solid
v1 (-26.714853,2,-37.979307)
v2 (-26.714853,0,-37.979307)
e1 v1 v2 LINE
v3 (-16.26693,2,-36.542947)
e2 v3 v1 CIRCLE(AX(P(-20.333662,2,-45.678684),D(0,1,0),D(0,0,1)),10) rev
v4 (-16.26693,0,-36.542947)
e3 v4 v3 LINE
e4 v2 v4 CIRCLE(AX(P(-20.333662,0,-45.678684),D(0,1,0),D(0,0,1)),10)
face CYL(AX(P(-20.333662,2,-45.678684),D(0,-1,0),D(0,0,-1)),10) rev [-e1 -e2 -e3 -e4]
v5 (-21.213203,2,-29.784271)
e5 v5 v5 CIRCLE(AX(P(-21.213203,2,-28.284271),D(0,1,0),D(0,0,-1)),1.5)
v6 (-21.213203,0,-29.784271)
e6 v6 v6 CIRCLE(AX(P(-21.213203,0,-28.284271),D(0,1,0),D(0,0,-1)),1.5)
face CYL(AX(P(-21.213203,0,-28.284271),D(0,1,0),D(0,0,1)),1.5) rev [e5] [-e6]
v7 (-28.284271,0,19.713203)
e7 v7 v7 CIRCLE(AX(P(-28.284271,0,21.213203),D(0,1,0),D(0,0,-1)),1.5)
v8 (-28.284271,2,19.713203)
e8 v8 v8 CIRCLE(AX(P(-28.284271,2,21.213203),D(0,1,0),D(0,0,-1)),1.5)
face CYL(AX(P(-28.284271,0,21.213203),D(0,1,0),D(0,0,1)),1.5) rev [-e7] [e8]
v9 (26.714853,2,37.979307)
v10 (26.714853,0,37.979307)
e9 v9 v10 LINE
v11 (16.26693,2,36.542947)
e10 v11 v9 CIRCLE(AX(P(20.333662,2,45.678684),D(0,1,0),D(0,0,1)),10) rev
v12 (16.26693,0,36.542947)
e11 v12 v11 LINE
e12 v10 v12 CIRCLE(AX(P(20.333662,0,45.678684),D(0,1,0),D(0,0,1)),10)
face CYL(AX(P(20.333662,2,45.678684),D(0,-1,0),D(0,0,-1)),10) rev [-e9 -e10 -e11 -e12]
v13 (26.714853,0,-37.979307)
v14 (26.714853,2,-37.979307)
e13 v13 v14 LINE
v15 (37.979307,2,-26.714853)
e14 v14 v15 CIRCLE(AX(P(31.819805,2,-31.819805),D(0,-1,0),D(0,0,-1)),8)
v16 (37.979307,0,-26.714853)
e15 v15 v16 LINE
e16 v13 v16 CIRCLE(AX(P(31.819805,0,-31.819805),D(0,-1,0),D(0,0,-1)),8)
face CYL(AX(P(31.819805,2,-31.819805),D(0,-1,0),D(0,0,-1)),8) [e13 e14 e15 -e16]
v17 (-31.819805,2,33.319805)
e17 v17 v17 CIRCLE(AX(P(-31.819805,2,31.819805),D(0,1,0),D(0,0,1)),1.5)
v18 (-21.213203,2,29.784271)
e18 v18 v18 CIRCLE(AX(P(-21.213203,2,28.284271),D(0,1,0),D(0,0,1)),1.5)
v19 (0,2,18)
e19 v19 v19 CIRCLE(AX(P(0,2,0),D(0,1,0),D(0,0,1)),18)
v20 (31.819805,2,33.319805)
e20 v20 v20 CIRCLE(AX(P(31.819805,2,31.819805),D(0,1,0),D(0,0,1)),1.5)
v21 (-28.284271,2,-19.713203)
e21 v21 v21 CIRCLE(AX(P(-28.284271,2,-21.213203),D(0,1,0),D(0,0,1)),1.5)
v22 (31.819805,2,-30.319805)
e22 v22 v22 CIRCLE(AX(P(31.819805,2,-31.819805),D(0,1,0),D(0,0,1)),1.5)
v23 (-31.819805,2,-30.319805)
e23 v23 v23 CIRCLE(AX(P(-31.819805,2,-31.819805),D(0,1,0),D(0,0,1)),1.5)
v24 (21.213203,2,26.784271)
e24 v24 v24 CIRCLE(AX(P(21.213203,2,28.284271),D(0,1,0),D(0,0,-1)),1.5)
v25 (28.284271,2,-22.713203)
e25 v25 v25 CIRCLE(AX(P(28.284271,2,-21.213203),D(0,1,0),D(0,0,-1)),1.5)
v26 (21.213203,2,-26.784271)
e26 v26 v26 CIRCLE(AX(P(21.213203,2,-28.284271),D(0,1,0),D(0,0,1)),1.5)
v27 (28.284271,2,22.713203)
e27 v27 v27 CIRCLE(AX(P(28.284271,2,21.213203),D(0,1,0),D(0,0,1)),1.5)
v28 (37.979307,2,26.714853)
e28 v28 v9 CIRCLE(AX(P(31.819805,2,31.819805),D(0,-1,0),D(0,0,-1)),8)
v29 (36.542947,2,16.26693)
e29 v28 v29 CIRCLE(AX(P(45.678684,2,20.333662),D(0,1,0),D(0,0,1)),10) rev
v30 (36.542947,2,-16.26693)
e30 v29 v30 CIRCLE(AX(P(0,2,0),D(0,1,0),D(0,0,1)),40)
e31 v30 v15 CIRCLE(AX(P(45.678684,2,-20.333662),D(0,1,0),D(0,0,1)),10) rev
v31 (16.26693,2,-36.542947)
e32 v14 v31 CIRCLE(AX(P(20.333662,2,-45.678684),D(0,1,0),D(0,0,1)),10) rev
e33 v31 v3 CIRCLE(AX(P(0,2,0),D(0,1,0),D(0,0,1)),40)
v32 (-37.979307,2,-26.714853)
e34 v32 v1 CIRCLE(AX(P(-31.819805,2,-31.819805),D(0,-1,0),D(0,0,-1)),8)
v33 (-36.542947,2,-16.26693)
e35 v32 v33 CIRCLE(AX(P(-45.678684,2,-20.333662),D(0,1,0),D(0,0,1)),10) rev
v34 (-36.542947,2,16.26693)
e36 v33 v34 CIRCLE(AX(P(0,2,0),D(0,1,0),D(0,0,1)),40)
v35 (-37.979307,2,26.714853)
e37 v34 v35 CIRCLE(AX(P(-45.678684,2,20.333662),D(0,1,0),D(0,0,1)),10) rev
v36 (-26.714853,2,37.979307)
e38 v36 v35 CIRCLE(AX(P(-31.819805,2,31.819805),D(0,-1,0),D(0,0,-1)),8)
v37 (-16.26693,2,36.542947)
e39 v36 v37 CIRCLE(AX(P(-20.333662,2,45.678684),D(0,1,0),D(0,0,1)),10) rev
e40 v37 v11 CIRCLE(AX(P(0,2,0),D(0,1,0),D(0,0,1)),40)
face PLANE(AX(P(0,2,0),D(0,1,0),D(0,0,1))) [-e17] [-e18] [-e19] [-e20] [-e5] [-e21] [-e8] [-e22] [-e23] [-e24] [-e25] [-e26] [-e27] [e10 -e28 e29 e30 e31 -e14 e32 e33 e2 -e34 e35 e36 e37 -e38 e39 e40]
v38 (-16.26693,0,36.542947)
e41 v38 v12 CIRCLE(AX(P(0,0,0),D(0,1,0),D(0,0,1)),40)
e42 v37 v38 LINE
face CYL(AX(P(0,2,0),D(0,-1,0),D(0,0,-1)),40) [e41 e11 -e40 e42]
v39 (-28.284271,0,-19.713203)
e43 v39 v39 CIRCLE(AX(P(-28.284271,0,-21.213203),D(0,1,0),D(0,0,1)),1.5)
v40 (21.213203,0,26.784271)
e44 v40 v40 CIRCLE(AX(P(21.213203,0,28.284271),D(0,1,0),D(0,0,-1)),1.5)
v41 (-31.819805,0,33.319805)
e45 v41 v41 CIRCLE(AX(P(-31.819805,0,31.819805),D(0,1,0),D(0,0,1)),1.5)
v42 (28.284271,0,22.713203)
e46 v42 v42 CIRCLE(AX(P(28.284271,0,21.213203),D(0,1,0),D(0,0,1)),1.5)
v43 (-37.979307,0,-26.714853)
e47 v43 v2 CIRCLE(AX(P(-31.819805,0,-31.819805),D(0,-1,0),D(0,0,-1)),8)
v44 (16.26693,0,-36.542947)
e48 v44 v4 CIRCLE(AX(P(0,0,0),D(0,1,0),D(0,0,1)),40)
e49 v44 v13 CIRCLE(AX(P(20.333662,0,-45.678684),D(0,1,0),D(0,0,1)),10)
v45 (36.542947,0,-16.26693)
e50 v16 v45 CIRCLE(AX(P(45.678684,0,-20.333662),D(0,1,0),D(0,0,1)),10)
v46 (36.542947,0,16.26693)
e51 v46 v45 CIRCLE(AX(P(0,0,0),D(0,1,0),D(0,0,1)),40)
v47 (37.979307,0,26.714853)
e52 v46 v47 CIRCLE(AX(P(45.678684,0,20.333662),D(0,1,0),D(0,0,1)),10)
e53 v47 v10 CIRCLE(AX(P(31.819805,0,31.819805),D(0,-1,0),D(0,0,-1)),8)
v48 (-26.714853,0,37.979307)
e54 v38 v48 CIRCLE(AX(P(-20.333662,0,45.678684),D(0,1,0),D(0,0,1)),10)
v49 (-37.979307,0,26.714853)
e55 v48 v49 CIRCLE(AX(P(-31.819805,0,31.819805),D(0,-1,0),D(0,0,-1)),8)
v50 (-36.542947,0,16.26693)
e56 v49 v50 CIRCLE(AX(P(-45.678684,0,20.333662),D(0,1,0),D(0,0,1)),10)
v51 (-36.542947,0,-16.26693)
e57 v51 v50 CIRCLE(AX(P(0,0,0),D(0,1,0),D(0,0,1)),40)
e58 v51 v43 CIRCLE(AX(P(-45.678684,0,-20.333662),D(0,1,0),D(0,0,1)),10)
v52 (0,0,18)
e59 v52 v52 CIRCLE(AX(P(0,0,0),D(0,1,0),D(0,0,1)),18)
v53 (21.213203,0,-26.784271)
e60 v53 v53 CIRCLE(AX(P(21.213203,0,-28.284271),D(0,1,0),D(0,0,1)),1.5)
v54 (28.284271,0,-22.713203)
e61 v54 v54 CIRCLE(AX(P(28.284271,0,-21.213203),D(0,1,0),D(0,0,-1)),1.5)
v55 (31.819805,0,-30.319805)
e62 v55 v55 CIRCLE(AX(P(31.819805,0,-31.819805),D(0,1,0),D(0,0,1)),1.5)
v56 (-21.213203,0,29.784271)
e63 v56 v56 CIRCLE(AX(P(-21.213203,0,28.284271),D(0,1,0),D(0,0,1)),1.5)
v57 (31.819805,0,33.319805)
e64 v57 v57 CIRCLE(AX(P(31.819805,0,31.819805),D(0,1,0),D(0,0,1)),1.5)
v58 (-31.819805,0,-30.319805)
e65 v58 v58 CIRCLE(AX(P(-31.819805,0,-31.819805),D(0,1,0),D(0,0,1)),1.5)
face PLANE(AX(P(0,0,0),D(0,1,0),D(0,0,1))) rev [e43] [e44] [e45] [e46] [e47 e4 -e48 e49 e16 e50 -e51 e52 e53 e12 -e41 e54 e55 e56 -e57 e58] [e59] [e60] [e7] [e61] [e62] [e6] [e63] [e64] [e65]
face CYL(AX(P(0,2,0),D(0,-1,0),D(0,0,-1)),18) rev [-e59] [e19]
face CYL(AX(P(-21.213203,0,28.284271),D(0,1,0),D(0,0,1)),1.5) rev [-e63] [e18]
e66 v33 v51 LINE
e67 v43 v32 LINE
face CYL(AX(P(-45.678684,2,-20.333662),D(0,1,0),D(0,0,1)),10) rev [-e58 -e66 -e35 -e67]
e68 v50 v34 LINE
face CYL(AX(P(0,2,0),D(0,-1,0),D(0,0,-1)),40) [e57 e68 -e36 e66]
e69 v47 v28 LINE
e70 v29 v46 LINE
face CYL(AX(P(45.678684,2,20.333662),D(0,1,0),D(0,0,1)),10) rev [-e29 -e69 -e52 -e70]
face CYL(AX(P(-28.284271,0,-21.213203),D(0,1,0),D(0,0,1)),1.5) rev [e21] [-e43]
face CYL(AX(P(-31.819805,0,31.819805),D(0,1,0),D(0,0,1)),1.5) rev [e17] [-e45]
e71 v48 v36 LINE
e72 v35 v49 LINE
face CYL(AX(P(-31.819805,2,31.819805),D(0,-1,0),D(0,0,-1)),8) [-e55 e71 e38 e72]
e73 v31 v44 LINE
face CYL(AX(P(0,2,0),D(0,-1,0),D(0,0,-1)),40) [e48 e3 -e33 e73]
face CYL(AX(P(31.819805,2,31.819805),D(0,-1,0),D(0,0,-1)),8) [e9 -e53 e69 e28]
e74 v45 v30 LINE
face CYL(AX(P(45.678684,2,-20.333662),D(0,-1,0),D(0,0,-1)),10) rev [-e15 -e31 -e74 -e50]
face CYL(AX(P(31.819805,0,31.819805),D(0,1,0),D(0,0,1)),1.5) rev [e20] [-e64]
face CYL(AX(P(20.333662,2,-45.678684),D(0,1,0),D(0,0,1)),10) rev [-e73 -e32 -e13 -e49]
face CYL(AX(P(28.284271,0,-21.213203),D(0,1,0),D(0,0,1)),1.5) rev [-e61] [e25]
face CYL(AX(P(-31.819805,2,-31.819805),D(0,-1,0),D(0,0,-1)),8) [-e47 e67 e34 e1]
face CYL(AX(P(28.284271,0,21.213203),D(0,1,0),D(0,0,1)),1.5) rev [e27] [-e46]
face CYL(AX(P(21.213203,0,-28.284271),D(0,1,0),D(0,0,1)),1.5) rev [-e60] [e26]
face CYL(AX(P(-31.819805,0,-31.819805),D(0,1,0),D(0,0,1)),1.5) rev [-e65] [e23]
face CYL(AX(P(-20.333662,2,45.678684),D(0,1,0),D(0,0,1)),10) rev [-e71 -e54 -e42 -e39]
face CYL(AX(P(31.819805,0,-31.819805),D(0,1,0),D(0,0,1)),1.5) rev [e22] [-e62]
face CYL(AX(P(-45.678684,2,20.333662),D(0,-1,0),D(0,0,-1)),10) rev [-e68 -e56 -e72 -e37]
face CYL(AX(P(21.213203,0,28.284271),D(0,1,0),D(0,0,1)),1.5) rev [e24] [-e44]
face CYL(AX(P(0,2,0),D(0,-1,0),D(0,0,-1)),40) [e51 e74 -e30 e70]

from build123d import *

# Parameters (mm, degrees)
SKETCH_1_R          = 40
SKETCH_1_R_2        = 18
EXTRUDE_1_DEPTH     = 2
EXTRUDE_2_DEPTH     = 2
FILLET_1_R          = 10
SKETCH_2_R          = 1.5
CUT_EXTRUDE_1_DEPTH = 57.603886937


with BuildPart() as part:
    # 草图1 → 凸台-拉伸1 (new body)
    with BuildSketch(Plane(origin=(0, 0, 0), x_dir=(1, 0, 0), z_dir=(0, 1, 0))):
        with Locations(Location((0, 0, 0), (0, 0, 270))):
            Circle(SKETCH_1_R)
        with Locations(Location((0, 0, 0), (0, 0, 270))):
            Circle(SKETCH_1_R_2, mode=Mode.SUBTRACT)
    extrude(amount=EXTRUDE_1_DEPTH)

    # 草图4 → 凸台-拉伸2 (add)
    with BuildSketch(Plane.XZ):
        with BuildLine():
            Line((19.091883092, 30.405591591), (26.162950904, 37.476659403))
            ThreePointArc((26.162950904, 37.476659403), (37.476659403, 37.476659403), (37.476659403, 26.162950904))
            Line((37.476659403, 26.162950904), (30.405591591, 19.091883092))
            ThreePointArc((30.405591591, 19.091883092), (19.091883092, 19.091883092), (19.091883092, 30.405591591))
        make_face()
        with BuildLine():
            Line((19.091883092, -30.405591591), (26.162950904, -37.476659403))
            ThreePointArc((26.162950904, -37.476659403), (37.476659403, -37.476659403), (37.476659403, -26.162950904))
            Line((37.476659403, -26.162950904), (30.405591591, -19.091883092))
            ThreePointArc((30.405591591, -19.091883092), (19.091883092, -19.091883092), (19.091883092, -30.405591591))
        make_face()
        with BuildLine():
            Line((-30.405591591, -19.091883092), (-37.476659403, -26.162950904))
            ThreePointArc((-37.476659403, -26.162950904), (-37.476659403, -37.476659403), (-26.162950904, -37.476659403))
            Line((-26.162950904, -37.476659403), (-19.091883092, -30.405591591))
            ThreePointArc((-19.091883092, -30.405591591), (-19.091883092, -19.091883092), (-30.405591591, -19.091883092))
        make_face()
        with BuildLine():
            Line((-19.091883092, 30.405591591), (-26.162950904, 37.476659403))
            ThreePointArc((-26.162950904, 37.476659403), (-37.476659403, 37.476659403), (-37.476659403, 26.162950904))
            Line((-37.476659403, 26.162950904), (-30.405591591, 19.091883092))
            ThreePointArc((-30.405591591, 19.091883092), (-19.091883092, 19.091883092), (-19.091883092, 30.405591591))
        make_face()
    extrude(amount=-EXTRUDE_2_DEPTH)

    # 圆角1
    fillet_1_edges = [part.edges().sort_by_distance(p)[0] for p in [
        (-22.055958672, 1, -33.369667171),
        (-33.369667171, 1, -22.055958672),
        (-33.369667171, 1, 22.055958672),
        (-22.055958672, 1, 33.369667171),
        (22.055958672, 1, 33.369667171),
        (33.369667171, 1, 22.055958672),
        (33.369667171, 1, -22.055958672),
        (22.055958672, 1, -33.369667171),
    ]]
    fillet(fillet_1_edges, radius=FILLET_1_R)

    # 草图2 → 切除-拉伸1 (cut, through all)
    with BuildSketch(Plane(origin=(0, 2, 0), x_dir=(1, 0, 0), z_dir=(0, 1, 0))):
        with Locations(Location((-21.213203436, -28.284271247, 0), (0, 0, 270))):
            Circle(SKETCH_2_R)
        with Locations(Location((-31.819805153, -31.819805153, 0), (0, 0, 270))):
            Circle(SKETCH_2_R)
        with Locations(Location((-28.284271247, -21.213203436, 0), (0, 0, 90))):
            Circle(SKETCH_2_R)
        with Locations(Location((-31.819805153, 31.819805153, 0), (0, 0, 270))):
            Circle(SKETCH_2_R)
        with Locations(Location((-21.213203436, 28.284271247, 0), (0, 0, 90))):
            Circle(SKETCH_2_R)
        with Locations(Location((-28.284271247, 21.213203436, 0), (0, 0, 270))):
            Circle(SKETCH_2_R)
        with Locations(Location((31.819805153, 31.819805153, 0), (0, 0, 270))):
            Circle(SKETCH_2_R)
        with Locations(Location((28.284271247, 21.213203436, 0), (0, 0, 90))):
            Circle(SKETCH_2_R)
        with Locations(Location((21.213203436, 28.284271247, 0), (0, 0, 270))):
            Circle(SKETCH_2_R)
        with Locations(Location((31.819805153, -31.819805153, 0), (0, 0, 270))):
            Circle(SKETCH_2_R)
        with Locations(Location((21.213203436, -28.284271247, 0), (0, 0, 90))):
            Circle(SKETCH_2_R)
        with Locations(Location((28.284271247, -21.213203436, 0), (0, 0, 270))):
            Circle(SKETCH_2_R)
    extrude(amount=-CUT_EXTRUDE_1_DEPTH, mode=Mode.SUBTRACT)


solid = part.part
